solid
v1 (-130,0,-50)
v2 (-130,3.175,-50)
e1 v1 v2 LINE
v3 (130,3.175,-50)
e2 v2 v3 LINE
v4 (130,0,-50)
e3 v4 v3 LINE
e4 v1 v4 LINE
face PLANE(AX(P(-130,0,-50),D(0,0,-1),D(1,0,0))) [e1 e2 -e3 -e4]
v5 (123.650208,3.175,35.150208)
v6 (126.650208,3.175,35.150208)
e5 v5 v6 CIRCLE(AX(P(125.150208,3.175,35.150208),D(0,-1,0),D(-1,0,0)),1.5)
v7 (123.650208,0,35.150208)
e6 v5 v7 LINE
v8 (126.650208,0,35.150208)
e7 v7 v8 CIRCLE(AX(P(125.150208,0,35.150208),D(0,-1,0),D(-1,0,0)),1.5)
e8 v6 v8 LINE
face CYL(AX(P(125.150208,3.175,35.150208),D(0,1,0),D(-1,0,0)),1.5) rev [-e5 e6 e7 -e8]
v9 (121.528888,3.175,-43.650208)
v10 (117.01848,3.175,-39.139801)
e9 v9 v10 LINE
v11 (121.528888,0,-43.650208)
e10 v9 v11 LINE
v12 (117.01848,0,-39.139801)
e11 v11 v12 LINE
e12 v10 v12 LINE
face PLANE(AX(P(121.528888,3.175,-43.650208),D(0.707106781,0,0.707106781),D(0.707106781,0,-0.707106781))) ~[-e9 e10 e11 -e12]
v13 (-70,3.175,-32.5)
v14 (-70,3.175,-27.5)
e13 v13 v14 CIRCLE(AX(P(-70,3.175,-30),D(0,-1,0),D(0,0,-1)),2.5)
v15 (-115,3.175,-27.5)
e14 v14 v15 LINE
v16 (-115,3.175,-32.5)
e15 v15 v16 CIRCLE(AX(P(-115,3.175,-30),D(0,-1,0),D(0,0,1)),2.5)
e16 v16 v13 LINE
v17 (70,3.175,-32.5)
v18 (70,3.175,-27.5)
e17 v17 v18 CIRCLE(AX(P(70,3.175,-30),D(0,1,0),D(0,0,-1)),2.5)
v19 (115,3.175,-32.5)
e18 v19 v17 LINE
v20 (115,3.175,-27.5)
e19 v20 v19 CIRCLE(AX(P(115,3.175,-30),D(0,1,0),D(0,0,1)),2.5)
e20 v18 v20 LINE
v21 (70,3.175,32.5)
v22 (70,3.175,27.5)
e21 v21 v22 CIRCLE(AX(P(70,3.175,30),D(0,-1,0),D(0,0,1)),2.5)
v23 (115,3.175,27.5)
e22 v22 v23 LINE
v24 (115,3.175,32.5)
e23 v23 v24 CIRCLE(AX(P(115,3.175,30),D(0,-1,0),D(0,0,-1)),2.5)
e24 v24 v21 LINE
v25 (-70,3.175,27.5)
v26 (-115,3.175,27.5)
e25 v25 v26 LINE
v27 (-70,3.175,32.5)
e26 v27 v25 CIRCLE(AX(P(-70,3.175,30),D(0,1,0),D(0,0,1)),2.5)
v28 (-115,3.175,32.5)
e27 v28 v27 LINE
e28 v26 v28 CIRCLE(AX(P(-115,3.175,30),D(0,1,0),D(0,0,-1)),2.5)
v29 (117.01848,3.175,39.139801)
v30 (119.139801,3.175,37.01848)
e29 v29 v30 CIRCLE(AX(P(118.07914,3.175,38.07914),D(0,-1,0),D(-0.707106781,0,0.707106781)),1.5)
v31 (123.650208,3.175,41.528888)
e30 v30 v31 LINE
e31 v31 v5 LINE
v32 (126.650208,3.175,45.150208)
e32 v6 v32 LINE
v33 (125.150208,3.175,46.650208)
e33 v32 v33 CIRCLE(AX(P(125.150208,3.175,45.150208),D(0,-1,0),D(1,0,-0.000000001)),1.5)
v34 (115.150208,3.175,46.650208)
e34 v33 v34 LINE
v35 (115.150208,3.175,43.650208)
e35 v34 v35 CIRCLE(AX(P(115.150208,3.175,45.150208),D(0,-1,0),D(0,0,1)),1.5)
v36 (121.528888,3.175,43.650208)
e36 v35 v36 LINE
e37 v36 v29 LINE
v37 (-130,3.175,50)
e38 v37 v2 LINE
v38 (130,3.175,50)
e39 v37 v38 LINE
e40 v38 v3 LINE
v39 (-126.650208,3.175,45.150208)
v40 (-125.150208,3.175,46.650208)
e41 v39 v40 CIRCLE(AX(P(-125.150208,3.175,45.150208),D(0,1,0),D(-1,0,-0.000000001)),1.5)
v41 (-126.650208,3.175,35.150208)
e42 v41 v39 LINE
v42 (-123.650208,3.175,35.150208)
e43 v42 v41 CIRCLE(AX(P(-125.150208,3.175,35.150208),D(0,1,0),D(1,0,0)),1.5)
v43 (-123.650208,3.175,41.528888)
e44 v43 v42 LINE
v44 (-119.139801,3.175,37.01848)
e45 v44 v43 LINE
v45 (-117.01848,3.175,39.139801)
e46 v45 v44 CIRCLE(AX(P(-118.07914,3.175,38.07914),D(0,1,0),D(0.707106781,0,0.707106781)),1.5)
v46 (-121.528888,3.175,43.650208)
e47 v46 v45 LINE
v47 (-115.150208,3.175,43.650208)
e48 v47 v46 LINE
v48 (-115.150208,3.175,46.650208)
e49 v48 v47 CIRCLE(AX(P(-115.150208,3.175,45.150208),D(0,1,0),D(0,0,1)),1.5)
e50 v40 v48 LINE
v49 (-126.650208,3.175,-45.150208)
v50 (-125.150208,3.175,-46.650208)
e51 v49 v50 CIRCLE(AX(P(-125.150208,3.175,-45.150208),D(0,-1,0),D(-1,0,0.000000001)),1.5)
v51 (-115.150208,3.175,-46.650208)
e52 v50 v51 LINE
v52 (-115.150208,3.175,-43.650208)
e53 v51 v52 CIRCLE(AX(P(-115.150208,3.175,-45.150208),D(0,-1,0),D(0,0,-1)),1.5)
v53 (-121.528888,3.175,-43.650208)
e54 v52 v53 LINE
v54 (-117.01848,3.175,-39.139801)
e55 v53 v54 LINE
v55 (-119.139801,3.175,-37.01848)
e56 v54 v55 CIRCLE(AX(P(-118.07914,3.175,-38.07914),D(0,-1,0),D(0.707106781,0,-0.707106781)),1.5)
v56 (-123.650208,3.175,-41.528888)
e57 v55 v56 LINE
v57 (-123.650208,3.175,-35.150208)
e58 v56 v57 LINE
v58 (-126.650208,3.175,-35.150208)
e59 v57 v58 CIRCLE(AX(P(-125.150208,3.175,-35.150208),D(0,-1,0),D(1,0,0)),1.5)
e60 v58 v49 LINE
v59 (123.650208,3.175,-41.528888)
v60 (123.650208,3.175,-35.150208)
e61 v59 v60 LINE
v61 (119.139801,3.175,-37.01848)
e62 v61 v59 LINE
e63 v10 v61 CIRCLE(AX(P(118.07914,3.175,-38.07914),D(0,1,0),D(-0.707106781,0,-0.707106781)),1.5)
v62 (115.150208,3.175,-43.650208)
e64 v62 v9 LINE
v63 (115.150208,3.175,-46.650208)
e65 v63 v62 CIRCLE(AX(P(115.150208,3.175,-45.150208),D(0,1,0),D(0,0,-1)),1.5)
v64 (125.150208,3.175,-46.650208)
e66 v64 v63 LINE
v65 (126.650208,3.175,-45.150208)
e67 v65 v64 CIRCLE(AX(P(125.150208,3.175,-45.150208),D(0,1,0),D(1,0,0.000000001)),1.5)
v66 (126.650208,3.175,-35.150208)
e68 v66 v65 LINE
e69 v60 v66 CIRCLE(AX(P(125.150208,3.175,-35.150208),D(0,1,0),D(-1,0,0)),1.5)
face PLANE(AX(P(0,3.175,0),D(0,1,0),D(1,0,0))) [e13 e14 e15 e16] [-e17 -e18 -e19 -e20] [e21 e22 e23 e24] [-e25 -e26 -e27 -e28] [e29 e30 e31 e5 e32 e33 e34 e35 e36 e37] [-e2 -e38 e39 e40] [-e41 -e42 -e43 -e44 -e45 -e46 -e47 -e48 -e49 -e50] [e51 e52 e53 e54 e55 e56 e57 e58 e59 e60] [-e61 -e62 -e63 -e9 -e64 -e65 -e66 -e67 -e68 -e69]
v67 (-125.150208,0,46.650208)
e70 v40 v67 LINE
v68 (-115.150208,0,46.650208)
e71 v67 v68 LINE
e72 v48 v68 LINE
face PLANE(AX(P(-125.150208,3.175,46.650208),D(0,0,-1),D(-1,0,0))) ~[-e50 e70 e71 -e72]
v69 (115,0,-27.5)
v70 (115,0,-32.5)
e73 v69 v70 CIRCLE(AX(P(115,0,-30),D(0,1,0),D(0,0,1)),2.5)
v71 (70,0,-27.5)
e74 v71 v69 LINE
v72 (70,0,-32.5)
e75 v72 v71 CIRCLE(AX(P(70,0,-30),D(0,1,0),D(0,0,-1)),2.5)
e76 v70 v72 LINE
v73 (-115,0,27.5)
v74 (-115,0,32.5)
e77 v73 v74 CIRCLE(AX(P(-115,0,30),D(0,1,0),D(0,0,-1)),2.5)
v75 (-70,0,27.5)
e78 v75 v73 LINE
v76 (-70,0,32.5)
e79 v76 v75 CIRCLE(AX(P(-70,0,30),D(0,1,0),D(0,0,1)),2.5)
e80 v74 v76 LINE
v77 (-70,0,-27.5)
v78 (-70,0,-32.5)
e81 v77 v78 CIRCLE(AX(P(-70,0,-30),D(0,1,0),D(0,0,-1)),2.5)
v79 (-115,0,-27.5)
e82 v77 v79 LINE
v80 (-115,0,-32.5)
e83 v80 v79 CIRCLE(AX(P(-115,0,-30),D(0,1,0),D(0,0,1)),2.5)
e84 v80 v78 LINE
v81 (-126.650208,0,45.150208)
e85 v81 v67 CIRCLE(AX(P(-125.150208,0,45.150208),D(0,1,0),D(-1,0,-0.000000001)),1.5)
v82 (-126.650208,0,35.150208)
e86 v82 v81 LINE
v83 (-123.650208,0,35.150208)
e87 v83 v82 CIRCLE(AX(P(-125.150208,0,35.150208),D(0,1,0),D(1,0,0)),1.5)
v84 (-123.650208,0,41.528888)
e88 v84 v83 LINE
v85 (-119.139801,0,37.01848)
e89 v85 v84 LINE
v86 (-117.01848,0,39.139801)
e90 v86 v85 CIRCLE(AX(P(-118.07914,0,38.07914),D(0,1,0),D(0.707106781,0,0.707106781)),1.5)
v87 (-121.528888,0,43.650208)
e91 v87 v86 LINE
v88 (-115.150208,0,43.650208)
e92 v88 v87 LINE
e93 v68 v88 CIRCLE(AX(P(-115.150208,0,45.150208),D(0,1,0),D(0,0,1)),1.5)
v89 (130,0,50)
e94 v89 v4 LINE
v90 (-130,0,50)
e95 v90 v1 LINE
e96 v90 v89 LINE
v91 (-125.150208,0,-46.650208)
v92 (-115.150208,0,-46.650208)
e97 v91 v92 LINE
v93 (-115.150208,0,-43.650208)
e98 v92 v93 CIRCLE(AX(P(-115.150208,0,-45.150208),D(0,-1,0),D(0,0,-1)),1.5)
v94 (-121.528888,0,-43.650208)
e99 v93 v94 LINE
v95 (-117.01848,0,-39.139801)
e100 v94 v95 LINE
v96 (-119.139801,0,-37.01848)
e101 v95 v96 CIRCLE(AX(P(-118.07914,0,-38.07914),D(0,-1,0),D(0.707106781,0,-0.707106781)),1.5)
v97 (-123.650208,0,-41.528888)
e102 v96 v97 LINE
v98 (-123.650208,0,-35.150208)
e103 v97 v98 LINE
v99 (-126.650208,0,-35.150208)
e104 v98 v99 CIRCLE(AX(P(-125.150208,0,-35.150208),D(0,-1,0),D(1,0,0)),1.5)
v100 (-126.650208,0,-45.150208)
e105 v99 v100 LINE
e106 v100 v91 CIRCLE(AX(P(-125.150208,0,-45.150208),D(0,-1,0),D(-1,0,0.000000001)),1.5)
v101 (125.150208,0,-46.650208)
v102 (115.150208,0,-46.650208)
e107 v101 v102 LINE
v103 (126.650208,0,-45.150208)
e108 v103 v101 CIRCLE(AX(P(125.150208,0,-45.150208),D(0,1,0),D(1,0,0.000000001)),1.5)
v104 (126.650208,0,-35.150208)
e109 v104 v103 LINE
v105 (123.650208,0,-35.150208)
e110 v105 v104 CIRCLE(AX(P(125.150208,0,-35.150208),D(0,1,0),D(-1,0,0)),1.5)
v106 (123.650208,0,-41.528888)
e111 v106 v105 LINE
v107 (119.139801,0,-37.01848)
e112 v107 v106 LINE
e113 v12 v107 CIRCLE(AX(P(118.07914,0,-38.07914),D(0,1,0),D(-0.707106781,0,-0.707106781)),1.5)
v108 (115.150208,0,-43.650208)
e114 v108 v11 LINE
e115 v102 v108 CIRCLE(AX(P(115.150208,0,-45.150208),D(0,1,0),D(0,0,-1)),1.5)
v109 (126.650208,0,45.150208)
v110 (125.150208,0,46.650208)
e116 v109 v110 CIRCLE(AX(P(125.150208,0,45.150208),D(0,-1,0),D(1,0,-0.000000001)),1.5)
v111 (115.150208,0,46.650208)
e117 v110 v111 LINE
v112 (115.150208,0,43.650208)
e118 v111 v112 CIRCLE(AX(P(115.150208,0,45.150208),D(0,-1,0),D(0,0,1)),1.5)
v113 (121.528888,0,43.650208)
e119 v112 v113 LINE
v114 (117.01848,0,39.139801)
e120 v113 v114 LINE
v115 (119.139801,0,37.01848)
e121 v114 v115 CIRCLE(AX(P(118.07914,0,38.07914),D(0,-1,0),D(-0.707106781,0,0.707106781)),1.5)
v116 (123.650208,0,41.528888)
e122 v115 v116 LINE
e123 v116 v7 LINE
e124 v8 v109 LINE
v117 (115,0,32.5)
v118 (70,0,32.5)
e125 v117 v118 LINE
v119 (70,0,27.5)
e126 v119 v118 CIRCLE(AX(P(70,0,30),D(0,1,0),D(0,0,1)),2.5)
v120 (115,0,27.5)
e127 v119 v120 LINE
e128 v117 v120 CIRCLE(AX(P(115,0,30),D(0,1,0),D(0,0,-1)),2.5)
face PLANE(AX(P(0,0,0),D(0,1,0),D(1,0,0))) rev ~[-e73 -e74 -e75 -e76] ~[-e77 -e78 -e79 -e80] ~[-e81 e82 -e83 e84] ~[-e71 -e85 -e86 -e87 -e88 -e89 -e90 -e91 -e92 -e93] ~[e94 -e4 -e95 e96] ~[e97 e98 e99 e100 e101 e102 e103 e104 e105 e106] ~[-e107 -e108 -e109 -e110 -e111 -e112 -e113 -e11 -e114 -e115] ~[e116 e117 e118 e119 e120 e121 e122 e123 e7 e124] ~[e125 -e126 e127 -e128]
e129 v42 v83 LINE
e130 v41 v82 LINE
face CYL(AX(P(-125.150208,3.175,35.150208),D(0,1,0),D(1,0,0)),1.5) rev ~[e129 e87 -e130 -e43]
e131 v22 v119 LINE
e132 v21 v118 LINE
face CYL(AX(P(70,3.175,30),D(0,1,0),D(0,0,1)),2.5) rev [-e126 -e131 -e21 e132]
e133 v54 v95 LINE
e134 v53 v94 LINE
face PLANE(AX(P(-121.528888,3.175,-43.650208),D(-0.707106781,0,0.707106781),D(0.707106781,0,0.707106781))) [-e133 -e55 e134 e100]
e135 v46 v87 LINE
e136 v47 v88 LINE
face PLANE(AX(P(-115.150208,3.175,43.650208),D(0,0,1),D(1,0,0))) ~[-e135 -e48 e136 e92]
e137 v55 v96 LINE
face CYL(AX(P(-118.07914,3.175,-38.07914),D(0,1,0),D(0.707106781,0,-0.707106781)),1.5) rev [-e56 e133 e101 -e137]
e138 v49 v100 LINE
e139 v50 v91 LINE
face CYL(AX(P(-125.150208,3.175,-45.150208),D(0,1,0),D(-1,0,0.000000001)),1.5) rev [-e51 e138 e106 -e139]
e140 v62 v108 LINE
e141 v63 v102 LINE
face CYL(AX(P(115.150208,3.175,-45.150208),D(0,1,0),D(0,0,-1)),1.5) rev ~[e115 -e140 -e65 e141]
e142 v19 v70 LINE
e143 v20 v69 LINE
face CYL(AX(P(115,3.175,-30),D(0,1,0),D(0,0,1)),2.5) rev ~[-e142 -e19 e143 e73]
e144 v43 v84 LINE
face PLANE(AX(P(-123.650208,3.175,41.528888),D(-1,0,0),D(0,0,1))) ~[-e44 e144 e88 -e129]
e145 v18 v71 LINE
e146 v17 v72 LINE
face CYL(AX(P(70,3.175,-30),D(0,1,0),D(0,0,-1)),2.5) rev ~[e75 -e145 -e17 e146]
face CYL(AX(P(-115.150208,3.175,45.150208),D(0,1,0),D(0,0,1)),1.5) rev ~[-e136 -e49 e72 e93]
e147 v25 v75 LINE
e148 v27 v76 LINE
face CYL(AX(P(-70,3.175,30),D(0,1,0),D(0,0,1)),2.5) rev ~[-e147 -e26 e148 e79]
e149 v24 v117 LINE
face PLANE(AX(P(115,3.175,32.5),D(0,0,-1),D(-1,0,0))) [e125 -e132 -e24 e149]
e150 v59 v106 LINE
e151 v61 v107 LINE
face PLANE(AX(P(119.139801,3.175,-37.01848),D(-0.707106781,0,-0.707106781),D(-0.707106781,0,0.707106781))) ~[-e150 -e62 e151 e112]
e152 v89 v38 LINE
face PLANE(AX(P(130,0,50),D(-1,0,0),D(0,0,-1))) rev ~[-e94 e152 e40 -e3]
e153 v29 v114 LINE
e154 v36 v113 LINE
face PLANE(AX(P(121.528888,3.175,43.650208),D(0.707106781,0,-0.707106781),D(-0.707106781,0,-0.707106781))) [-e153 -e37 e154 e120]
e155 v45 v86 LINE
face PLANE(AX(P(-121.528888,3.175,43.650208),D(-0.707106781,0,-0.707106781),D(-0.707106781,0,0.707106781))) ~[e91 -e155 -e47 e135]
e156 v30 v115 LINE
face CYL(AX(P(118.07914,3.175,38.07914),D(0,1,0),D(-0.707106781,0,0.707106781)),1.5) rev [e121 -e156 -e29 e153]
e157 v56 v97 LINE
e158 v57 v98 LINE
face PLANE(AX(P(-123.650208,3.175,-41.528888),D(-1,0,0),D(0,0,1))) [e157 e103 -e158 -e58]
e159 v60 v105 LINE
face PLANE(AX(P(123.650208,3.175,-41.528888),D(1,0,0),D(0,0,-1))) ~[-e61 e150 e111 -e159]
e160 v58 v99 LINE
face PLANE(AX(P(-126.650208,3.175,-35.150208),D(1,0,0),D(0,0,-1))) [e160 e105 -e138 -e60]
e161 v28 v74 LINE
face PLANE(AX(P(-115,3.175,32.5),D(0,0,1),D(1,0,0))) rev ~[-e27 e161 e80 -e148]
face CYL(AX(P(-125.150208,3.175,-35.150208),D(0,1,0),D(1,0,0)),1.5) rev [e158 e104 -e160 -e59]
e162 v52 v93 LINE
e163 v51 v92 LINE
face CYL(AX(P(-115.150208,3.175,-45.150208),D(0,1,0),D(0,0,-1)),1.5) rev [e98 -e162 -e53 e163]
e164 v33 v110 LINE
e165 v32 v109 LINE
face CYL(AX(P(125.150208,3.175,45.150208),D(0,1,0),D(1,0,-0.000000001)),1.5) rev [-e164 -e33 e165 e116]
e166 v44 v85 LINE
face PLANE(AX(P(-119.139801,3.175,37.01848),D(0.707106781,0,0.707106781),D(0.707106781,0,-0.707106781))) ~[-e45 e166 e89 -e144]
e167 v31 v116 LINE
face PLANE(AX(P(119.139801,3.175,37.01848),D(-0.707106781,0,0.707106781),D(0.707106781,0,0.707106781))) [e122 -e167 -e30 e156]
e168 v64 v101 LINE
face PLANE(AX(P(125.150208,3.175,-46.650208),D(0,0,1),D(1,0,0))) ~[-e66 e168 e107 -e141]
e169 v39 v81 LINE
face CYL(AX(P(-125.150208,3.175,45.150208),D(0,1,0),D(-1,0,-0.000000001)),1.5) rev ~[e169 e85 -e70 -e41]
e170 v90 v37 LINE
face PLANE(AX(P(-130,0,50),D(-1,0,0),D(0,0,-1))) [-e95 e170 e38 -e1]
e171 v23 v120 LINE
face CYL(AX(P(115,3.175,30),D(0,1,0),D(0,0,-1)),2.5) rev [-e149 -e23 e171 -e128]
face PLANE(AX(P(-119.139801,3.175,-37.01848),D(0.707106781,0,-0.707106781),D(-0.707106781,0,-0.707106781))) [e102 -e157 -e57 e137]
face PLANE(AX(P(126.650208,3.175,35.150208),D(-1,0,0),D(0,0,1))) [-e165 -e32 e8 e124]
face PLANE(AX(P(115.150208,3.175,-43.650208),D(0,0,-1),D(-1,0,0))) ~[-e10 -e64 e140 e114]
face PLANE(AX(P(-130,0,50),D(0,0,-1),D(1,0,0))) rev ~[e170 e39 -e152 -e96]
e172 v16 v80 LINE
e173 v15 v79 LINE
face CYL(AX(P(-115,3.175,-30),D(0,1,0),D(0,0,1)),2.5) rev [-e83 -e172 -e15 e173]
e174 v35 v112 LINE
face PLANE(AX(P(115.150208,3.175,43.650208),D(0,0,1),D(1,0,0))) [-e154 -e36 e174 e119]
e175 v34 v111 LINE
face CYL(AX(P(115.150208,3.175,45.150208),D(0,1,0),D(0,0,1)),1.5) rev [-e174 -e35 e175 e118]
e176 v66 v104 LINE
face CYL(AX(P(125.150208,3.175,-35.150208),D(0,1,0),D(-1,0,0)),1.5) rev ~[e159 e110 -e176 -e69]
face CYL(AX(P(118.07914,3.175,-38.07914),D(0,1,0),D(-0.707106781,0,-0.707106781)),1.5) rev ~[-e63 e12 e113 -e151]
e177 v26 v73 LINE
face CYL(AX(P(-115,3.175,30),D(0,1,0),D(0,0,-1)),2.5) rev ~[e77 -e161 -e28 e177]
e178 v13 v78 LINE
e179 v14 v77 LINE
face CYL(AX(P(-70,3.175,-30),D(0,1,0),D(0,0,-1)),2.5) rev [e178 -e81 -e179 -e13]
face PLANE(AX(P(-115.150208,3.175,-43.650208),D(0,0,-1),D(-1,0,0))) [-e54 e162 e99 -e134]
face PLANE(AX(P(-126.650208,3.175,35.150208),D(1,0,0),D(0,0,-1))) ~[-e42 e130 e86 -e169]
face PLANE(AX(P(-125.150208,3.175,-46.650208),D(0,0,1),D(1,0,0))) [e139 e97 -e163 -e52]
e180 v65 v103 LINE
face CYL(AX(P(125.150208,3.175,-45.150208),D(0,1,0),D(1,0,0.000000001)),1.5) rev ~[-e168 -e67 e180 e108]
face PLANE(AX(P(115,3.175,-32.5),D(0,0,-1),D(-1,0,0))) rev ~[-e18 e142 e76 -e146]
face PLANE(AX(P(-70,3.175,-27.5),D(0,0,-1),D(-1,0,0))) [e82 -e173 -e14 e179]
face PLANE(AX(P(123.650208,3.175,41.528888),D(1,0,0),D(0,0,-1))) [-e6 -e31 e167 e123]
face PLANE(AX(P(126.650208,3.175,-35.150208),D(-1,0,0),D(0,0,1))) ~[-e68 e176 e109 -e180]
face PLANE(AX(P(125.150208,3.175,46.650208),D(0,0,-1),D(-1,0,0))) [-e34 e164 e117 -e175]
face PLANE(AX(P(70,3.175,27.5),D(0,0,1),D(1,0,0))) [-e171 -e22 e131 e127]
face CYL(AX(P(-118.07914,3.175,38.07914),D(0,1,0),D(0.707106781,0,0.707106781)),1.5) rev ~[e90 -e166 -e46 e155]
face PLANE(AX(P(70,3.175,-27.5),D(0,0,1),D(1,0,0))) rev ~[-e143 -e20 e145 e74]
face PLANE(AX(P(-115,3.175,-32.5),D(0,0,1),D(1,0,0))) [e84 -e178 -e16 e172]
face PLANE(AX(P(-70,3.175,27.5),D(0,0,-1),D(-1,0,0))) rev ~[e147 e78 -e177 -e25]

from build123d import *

# Parameters (mm, degrees)
SKETCH1_W            = 260
SKETCH1_H            = 100
BASE_DEPTH           = 3.175
SLOTS_DEPTH          = 140.320065407
MOUNT_HOLES_DEPTH    = 3.175
MIRROR2_COPY_1_DEPTH = 3.175


with BuildPart() as part:
    # Sketch1 → Base (new body)
    with BuildSketch(Plane(origin=(0, 0, 0), x_dir=(1, 0, 0), z_dir=(0, 1, 0))):
        Rectangle(SKETCH1_W, SKETCH1_H)
    extrude(amount=BASE_DEPTH)

    # Sketch2 → Slots (cut, through all)
    with BuildSketch(Plane(origin=(0, 3.175, 0), x_dir=(1, 0, 0), z_dir=(0, 1, 0))):
        with BuildLine():
            Line((-115, 32.5), (-70, 32.5))
            ThreePointArc((-70, 32.5), (-67.5, 30), (-70, 27.5))
            Line((-70, 27.5), (-115, 27.5))
            ThreePointArc((-115, 27.5), (-117.5, 30), (-115, 32.5))
        make_face()
        with BuildLine():
            Line((-115, -32.5), (-70, -32.5))
            ThreePointArc((-70, -32.5), (-67.5, -30), (-70, -27.5))
            Line((-70, -27.5), (-115, -27.5))
            ThreePointArc((-115, -27.5), (-117.5, -30), (-115, -32.5))
        make_face()
        with BuildLine():
            Line((115, 32.5), (70, 32.5))
            ThreePointArc((70, 32.5), (67.5, 30), (70, 27.5))
            Line((70, 27.5), (115, 27.5))
            ThreePointArc((115, 27.5), (117.5, 30), (115, 32.5))
        make_face()
        with BuildLine():
            Line((115, -32.5), (70, -32.5))
            ThreePointArc((70, -32.5), (67.5, -30), (70, -27.5))
            Line((70, -27.5), (115, -27.5))
            ThreePointArc((115, -27.5), (117.5, -30), (115, -32.5))
        make_face()
    extrude(amount=-SLOTS_DEPTH, mode=Mode.SUBTRACT)

    # Sketch3 → Mount Holes (cut)
    with BuildSketch(Plane(origin=(0, 3.175, 0), x_dir=(1, 0, 0), z_dir=(0, 1, 0))):
        with BuildLine():
            Line((-125.150208204, 46.650208204), (-115.150208204, 46.650208204))
            ThreePointArc((-115.150208204, 46.650208204), (-113.650208204, 45.150208204), (-115.150208204, 43.650208204))
            Line((-115.150208204, 43.650208204), (-121.528887861, 43.650208204))
            Line((-121.528887861, 43.650208204), (-117.018480221, 39.139800564))
            ThreePointArc((-117.018480221, 39.139800564), (-117.018480221, 37.018480221), (-119.139800564, 37.018480221))
            Line((-119.139800564, 37.018480221), (-123.650208204, 41.528887861))
            Line((-123.650208204, 41.528887861), (-123.650208204, 35.150208204))
            ThreePointArc((-123.650208204, 35.150208204), (-125.150208204, 33.650208204), (-126.650208204, 35.150208204))
            Line((-126.650208204, 35.150208204), (-126.650208204, 45.150208204))
            ThreePointArc((-126.650208204, 45.150208204), (-126.210868376, 46.210868376), (-125.150208204, 46.650208204))
        make_face()
    mount_holes = extrude(amount=-MOUNT_HOLES_DEPTH, mode=Mode.SUBTRACT)

    # Mirror1: Mount Holes across plane
    add(mount_holes.mirror(Plane(origin=(0, 0, 0), x_dir=(0, 0, 1), z_dir=(1, 0, 0))), mode=Mode.SUBTRACT)

    # Mirror2: Mount Holes across plane
    add(mount_holes.mirror(Plane.XY), mode=Mode.SUBTRACT)

    # Mirror2 copy 1 sketch → Mirror2 copy 1 (cut)
    with BuildSketch(Plane(origin=(0, 3.175, 0), x_dir=(-1, 0, 0), z_dir=(0, 1, 0))):
        with BuildLine():
            Line((-125.150208204, 46.650208204), (-115.150208204, 46.650208204))
            ThreePointArc((-115.150208204, 46.650208204), (-113.650208204, 45.150208204), (-115.150208204, 43.650208204))
            Line((-115.150208204, 43.650208204), (-121.528887861, 43.650208204))
            Line((-121.528887861, 43.650208204), (-117.018480221, 39.139800564))
            ThreePointArc((-117.018480221, 39.139800564), (-117.018480221, 37.018480221), (-119.139800564, 37.018480221))
            Line((-119.139800564, 37.018480221), (-123.650208204, 41.528887861))
            Line((-123.650208204, 41.528887861), (-123.650208204, 35.150208204))
            ThreePointArc((-123.650208204, 35.150208204), (-125.150208204, 33.650208204), (-126.650208204, 35.150208204))
            Line((-126.650208204, 35.150208204), (-126.650208204, 45.150208204))
            ThreePointArc((-126.650208204, 45.150208204), (-126.210868376, 46.210868376), (-125.150208204, 46.650208204))
        make_face()
    extrude(amount=-MIRROR2_COPY_1_DEPTH, mode=Mode.SUBTRACT)


solid = part.part
